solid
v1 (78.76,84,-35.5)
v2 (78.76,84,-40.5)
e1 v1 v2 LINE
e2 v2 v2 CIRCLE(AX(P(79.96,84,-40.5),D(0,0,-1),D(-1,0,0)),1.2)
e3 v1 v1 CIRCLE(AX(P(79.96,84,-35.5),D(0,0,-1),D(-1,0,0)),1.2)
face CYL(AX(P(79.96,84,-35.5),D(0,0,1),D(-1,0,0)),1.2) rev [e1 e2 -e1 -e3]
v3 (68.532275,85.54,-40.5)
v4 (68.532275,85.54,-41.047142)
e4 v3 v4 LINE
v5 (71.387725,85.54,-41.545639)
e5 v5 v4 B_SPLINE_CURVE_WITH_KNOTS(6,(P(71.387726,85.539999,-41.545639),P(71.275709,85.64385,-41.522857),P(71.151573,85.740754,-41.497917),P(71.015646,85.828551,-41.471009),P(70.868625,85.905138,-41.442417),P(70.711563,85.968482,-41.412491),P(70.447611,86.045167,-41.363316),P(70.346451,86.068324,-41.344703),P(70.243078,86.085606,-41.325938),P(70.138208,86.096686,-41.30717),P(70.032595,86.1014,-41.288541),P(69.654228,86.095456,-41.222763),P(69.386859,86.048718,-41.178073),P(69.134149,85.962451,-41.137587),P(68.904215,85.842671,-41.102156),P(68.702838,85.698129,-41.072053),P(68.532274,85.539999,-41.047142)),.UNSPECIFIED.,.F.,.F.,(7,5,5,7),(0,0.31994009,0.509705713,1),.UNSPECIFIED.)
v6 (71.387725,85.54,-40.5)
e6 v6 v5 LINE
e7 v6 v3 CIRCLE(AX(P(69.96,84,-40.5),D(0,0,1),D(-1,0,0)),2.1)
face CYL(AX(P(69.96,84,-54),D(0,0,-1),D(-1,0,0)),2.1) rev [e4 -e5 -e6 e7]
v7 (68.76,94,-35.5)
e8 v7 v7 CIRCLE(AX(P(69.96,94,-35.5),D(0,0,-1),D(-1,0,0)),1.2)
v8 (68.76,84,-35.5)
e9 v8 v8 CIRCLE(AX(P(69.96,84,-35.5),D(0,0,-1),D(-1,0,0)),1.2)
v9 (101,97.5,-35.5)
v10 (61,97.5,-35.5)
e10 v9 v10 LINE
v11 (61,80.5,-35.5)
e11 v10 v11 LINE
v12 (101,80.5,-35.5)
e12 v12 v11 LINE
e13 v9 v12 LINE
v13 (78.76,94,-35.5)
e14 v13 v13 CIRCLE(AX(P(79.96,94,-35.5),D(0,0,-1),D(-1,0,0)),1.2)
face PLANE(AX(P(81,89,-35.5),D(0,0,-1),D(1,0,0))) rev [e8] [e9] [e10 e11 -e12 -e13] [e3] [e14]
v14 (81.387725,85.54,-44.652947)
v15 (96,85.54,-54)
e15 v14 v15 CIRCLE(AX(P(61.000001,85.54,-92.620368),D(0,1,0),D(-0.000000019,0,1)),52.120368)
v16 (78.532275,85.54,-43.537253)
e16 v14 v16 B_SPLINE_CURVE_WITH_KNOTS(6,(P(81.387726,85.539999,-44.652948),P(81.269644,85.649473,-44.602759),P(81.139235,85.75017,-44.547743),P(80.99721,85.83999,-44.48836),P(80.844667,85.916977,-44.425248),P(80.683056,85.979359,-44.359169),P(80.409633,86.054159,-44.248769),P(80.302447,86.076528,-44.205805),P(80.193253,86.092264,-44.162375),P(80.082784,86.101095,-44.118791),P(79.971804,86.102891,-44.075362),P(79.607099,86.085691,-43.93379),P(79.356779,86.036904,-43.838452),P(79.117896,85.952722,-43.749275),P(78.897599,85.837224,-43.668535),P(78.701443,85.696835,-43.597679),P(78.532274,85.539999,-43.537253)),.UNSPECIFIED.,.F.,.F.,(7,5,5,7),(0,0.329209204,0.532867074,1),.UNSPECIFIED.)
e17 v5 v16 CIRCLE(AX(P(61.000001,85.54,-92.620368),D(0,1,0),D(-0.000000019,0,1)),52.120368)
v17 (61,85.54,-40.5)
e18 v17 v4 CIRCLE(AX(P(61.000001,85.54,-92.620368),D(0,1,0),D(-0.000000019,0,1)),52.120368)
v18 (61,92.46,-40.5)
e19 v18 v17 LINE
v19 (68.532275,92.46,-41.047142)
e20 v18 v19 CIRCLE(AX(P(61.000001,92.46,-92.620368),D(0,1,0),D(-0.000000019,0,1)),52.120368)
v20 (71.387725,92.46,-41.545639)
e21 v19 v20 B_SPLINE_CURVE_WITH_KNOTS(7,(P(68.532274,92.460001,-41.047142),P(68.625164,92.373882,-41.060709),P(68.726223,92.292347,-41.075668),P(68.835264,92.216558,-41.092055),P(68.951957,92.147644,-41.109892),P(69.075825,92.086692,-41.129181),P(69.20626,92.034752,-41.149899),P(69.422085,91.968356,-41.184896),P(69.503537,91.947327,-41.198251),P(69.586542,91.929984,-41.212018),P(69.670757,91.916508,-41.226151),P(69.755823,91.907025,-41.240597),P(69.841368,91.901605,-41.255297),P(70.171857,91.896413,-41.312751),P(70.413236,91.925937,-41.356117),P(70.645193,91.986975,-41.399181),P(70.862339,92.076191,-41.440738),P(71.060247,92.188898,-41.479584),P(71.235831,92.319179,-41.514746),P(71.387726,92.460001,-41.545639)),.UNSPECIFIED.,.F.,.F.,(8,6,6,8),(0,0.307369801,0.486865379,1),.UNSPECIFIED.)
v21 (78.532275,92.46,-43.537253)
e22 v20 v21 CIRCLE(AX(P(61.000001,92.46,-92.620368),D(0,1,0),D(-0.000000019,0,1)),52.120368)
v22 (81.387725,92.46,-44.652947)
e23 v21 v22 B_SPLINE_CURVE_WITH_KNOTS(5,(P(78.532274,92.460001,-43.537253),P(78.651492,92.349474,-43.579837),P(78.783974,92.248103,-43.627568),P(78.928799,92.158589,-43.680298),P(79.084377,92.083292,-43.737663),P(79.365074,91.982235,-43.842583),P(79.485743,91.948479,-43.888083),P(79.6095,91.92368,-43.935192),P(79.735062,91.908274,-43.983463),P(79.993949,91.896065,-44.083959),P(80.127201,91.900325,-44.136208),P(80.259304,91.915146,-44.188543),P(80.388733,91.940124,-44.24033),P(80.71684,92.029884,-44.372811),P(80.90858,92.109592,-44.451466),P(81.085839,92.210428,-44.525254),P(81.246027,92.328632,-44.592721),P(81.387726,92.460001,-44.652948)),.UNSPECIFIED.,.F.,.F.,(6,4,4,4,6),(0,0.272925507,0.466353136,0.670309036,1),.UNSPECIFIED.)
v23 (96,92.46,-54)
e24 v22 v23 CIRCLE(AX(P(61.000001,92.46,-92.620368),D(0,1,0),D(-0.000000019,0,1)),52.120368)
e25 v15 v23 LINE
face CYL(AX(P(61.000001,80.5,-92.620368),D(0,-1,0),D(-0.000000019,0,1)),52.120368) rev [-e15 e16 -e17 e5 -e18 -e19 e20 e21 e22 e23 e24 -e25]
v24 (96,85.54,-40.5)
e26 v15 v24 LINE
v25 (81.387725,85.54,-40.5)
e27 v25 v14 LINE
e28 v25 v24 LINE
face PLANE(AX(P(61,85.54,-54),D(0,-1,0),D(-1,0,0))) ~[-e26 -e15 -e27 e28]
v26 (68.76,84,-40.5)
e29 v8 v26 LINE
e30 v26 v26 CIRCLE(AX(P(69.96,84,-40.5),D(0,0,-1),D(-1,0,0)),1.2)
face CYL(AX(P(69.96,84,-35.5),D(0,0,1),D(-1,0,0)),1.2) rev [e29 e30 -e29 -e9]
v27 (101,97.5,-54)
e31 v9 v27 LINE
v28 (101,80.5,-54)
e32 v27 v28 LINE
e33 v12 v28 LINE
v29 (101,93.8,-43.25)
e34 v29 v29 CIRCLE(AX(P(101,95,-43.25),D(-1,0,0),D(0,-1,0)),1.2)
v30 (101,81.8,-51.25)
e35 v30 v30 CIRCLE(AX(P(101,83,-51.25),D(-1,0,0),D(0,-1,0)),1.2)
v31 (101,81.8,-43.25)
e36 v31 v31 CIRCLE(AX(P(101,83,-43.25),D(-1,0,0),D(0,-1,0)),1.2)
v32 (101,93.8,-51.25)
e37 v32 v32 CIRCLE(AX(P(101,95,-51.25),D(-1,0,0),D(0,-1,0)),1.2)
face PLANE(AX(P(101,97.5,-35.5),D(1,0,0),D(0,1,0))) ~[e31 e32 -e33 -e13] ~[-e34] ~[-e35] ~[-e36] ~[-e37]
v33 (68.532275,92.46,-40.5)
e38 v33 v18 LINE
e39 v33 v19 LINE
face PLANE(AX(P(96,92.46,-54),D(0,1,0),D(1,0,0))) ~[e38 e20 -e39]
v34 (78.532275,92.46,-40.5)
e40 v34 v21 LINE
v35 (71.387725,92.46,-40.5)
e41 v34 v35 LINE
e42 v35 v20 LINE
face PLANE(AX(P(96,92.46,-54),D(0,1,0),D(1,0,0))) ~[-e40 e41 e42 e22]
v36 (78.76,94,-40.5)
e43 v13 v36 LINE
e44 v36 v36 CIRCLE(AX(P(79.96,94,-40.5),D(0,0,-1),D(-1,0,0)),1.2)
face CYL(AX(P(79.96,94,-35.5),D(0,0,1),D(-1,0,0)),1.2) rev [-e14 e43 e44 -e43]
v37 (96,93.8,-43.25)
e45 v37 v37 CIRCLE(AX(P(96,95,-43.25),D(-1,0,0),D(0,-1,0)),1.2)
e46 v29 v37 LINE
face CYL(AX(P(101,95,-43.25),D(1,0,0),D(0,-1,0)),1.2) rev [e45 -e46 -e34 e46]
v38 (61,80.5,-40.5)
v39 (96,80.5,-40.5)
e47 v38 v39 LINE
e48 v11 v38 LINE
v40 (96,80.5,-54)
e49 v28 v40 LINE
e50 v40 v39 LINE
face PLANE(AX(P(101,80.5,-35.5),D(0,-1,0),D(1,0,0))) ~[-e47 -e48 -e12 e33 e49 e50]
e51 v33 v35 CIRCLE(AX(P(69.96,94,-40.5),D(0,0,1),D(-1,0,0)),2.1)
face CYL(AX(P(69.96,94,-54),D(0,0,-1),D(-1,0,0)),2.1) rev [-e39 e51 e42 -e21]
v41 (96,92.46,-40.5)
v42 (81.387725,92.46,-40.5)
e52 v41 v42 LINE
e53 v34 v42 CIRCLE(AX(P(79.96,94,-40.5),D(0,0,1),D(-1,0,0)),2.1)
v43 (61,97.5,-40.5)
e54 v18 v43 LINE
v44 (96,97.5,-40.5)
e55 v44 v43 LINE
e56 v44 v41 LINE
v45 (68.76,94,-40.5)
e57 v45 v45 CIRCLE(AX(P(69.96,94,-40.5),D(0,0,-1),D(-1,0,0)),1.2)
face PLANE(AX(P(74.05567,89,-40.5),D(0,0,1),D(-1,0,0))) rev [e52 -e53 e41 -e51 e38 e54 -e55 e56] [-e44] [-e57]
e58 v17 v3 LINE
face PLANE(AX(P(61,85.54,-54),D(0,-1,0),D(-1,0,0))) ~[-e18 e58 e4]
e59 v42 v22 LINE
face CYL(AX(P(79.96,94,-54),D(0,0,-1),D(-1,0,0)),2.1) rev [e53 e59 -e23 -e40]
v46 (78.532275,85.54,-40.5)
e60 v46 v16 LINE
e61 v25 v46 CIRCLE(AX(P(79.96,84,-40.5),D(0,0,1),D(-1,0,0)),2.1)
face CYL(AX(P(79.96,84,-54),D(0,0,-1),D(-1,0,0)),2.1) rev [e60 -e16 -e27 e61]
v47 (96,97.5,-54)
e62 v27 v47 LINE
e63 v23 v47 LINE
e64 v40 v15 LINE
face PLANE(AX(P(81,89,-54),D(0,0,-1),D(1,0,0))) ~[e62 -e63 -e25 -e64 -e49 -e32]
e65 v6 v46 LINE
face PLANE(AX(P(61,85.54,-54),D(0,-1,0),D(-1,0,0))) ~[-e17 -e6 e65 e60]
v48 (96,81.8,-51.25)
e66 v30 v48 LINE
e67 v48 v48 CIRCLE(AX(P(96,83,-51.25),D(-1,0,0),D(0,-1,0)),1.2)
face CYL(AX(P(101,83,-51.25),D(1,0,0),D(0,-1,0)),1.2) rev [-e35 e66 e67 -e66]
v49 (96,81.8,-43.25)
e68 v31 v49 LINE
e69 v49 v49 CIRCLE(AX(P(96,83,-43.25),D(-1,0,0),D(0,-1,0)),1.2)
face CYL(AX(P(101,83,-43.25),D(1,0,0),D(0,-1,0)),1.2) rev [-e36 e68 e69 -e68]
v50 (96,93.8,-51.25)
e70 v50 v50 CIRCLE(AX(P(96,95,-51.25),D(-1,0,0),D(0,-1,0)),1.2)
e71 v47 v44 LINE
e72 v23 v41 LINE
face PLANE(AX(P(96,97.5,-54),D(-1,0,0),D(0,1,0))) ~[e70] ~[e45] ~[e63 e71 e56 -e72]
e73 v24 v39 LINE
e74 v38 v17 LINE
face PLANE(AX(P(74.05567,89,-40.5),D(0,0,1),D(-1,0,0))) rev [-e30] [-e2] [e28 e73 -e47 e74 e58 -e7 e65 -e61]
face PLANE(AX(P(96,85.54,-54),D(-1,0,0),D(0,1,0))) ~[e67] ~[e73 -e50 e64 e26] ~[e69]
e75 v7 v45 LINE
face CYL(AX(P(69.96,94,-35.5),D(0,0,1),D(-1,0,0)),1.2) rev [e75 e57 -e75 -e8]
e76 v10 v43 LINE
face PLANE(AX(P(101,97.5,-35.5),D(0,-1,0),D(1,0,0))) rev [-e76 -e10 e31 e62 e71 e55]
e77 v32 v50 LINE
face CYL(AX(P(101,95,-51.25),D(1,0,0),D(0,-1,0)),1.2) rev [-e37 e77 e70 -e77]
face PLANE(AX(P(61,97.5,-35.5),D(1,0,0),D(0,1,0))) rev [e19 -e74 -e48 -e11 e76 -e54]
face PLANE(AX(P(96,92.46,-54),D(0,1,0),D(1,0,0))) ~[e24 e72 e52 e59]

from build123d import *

# Parameters (mm, degrees)
SKETCH005_W     = 40
SKETCH005_H     = 17
PAD002_DEPTH    = 18.5
POCKET003_DEPTH = 17
SKETCH007_R     = 1.2
POCKET004_DEPTH = 40
POCKET005_DEPTH = 13.5
SKETCH009_R     = 1.2
POCKET006_DEPTH = 5
SKETCH010_R     = 2.1
POCKET007_DEPTH = 13.5


with BuildPart() as yzconnectorbody:
    # Sketch005 (on Face1 of ReferencePocket002) → Pad002 (new body)
    with BuildSketch(Plane(origin=(0, 0, -10), x_dir=(1, 0, 0), z_dir=(0, 0, -1))):
        with Locations((-81, -91.5)):
            Rectangle(SKETCH005_W, SKETCH005_H)
    extrude(amount=PAD002_DEPTH)

    # Sketch006 (on Face4 of Pad002) → Pocket003 (cut)
    with BuildSketch(Plane(origin=(0, 83, -10), x_dir=(1, 0, 0), z_dir=(0, -1, 0))):
        with BuildLine():
            ThreePointArc((-61, -5), (-79.756665, -8.491978), (-96, -18.5))
            Line((-96, -18.5), (-61, -18.5))
            Line((-61, -5), (-61, -18.5))
        make_face()
    extrude(amount=-POCKET003_DEPTH, mode=Mode.SUBTRACT)

    # Sketch007 (on Face6 of Pocket003) → Pocket004 (cut)
    with BuildSketch(Plane(origin=(-101, 0, -10), x_dir=(0, -1, 0), z_dir=(-1, 0, 0))):
        with Locations((-97.5, -7.75)):
            Circle(SKETCH007_R)
        with Locations((-85.5, -7.75)):
            Circle(SKETCH007_R)
        with Locations((-97.5, -15.75)):
            Circle(SKETCH007_R)
        with Locations((-85.5, -15.75)):
            Circle(SKETCH007_R)
    extrude(amount=-POCKET004_DEPTH, mode=Mode.SUBTRACT)

    # Sketch008 (on Face7 of Pocket004) → Pocket005 (cut)
    with BuildSketch(Plane(origin=(0, 0, -28.5), x_dir=(1, 0, 0), z_dir=(0, 0, -1))):
        Polygon((-96, -83), (-61, -83), (-51, -83), (-51, -100), (-61, -100), (-96, -100), (-96, -94.96), (-61, -94.96), (-61, -88.04), (-96, -88.04), align=None)
    extrude(amount=-POCKET005_DEPTH, mode=Mode.SUBTRACT)

    # Sketch009 (on Face2 of Pocket005) → Pocket006 (cut)
    with BuildSketch(Plane.XY.offset(-10)):
        with Locations((-69.96, 96.5)):
            Circle(SKETCH009_R)
        with Locations((-69.96, 86.5)):
            Circle(SKETCH009_R)
        with Locations((-79.96, 96.5)):
            Circle(SKETCH009_R)
        with Locations((-79.96, 86.5)):
            Circle(SKETCH009_R)
    extrude(amount=-POCKET006_DEPTH, mode=Mode.SUBTRACT)

    # Sketch010 (on Face13 of Pocket006) → Pocket007 (cut)
    with BuildSketch(Plane(origin=(0, 0, -28.5), x_dir=(1, 0, 0), z_dir=(0, 0, -1))):
        with Locations((-79.96, -86.5)):
            Circle(SKETCH010_R)
        with Locations((-69.96, -86.5)):
            Circle(SKETCH010_R)
        with Locations((-69.96, -96.5)):
            Circle(SKETCH010_R)
        with Locations((-79.96, -96.5)):
            Circle(SKETCH010_R)
    extrude(amount=-POCKET007_DEPTH, mode=Mode.SUBTRACT)


with BuildPart() as yzconnectorbody_1:
    # Body002 placement: moved
    add(yzconnectorbody.part.moved(Location((0, -2.5, -25.5))))


with BuildPart() as part_mirroring:
    # Part__Mirroring: instance of YZConnectorBody
    add(yzconnectorbody_1.part.mirror(Plane(origin=(0, 0, 0), x_dir=(0, -1, 0), z_dir=(1, 0, 0))))


solid = part_mirroring.part
